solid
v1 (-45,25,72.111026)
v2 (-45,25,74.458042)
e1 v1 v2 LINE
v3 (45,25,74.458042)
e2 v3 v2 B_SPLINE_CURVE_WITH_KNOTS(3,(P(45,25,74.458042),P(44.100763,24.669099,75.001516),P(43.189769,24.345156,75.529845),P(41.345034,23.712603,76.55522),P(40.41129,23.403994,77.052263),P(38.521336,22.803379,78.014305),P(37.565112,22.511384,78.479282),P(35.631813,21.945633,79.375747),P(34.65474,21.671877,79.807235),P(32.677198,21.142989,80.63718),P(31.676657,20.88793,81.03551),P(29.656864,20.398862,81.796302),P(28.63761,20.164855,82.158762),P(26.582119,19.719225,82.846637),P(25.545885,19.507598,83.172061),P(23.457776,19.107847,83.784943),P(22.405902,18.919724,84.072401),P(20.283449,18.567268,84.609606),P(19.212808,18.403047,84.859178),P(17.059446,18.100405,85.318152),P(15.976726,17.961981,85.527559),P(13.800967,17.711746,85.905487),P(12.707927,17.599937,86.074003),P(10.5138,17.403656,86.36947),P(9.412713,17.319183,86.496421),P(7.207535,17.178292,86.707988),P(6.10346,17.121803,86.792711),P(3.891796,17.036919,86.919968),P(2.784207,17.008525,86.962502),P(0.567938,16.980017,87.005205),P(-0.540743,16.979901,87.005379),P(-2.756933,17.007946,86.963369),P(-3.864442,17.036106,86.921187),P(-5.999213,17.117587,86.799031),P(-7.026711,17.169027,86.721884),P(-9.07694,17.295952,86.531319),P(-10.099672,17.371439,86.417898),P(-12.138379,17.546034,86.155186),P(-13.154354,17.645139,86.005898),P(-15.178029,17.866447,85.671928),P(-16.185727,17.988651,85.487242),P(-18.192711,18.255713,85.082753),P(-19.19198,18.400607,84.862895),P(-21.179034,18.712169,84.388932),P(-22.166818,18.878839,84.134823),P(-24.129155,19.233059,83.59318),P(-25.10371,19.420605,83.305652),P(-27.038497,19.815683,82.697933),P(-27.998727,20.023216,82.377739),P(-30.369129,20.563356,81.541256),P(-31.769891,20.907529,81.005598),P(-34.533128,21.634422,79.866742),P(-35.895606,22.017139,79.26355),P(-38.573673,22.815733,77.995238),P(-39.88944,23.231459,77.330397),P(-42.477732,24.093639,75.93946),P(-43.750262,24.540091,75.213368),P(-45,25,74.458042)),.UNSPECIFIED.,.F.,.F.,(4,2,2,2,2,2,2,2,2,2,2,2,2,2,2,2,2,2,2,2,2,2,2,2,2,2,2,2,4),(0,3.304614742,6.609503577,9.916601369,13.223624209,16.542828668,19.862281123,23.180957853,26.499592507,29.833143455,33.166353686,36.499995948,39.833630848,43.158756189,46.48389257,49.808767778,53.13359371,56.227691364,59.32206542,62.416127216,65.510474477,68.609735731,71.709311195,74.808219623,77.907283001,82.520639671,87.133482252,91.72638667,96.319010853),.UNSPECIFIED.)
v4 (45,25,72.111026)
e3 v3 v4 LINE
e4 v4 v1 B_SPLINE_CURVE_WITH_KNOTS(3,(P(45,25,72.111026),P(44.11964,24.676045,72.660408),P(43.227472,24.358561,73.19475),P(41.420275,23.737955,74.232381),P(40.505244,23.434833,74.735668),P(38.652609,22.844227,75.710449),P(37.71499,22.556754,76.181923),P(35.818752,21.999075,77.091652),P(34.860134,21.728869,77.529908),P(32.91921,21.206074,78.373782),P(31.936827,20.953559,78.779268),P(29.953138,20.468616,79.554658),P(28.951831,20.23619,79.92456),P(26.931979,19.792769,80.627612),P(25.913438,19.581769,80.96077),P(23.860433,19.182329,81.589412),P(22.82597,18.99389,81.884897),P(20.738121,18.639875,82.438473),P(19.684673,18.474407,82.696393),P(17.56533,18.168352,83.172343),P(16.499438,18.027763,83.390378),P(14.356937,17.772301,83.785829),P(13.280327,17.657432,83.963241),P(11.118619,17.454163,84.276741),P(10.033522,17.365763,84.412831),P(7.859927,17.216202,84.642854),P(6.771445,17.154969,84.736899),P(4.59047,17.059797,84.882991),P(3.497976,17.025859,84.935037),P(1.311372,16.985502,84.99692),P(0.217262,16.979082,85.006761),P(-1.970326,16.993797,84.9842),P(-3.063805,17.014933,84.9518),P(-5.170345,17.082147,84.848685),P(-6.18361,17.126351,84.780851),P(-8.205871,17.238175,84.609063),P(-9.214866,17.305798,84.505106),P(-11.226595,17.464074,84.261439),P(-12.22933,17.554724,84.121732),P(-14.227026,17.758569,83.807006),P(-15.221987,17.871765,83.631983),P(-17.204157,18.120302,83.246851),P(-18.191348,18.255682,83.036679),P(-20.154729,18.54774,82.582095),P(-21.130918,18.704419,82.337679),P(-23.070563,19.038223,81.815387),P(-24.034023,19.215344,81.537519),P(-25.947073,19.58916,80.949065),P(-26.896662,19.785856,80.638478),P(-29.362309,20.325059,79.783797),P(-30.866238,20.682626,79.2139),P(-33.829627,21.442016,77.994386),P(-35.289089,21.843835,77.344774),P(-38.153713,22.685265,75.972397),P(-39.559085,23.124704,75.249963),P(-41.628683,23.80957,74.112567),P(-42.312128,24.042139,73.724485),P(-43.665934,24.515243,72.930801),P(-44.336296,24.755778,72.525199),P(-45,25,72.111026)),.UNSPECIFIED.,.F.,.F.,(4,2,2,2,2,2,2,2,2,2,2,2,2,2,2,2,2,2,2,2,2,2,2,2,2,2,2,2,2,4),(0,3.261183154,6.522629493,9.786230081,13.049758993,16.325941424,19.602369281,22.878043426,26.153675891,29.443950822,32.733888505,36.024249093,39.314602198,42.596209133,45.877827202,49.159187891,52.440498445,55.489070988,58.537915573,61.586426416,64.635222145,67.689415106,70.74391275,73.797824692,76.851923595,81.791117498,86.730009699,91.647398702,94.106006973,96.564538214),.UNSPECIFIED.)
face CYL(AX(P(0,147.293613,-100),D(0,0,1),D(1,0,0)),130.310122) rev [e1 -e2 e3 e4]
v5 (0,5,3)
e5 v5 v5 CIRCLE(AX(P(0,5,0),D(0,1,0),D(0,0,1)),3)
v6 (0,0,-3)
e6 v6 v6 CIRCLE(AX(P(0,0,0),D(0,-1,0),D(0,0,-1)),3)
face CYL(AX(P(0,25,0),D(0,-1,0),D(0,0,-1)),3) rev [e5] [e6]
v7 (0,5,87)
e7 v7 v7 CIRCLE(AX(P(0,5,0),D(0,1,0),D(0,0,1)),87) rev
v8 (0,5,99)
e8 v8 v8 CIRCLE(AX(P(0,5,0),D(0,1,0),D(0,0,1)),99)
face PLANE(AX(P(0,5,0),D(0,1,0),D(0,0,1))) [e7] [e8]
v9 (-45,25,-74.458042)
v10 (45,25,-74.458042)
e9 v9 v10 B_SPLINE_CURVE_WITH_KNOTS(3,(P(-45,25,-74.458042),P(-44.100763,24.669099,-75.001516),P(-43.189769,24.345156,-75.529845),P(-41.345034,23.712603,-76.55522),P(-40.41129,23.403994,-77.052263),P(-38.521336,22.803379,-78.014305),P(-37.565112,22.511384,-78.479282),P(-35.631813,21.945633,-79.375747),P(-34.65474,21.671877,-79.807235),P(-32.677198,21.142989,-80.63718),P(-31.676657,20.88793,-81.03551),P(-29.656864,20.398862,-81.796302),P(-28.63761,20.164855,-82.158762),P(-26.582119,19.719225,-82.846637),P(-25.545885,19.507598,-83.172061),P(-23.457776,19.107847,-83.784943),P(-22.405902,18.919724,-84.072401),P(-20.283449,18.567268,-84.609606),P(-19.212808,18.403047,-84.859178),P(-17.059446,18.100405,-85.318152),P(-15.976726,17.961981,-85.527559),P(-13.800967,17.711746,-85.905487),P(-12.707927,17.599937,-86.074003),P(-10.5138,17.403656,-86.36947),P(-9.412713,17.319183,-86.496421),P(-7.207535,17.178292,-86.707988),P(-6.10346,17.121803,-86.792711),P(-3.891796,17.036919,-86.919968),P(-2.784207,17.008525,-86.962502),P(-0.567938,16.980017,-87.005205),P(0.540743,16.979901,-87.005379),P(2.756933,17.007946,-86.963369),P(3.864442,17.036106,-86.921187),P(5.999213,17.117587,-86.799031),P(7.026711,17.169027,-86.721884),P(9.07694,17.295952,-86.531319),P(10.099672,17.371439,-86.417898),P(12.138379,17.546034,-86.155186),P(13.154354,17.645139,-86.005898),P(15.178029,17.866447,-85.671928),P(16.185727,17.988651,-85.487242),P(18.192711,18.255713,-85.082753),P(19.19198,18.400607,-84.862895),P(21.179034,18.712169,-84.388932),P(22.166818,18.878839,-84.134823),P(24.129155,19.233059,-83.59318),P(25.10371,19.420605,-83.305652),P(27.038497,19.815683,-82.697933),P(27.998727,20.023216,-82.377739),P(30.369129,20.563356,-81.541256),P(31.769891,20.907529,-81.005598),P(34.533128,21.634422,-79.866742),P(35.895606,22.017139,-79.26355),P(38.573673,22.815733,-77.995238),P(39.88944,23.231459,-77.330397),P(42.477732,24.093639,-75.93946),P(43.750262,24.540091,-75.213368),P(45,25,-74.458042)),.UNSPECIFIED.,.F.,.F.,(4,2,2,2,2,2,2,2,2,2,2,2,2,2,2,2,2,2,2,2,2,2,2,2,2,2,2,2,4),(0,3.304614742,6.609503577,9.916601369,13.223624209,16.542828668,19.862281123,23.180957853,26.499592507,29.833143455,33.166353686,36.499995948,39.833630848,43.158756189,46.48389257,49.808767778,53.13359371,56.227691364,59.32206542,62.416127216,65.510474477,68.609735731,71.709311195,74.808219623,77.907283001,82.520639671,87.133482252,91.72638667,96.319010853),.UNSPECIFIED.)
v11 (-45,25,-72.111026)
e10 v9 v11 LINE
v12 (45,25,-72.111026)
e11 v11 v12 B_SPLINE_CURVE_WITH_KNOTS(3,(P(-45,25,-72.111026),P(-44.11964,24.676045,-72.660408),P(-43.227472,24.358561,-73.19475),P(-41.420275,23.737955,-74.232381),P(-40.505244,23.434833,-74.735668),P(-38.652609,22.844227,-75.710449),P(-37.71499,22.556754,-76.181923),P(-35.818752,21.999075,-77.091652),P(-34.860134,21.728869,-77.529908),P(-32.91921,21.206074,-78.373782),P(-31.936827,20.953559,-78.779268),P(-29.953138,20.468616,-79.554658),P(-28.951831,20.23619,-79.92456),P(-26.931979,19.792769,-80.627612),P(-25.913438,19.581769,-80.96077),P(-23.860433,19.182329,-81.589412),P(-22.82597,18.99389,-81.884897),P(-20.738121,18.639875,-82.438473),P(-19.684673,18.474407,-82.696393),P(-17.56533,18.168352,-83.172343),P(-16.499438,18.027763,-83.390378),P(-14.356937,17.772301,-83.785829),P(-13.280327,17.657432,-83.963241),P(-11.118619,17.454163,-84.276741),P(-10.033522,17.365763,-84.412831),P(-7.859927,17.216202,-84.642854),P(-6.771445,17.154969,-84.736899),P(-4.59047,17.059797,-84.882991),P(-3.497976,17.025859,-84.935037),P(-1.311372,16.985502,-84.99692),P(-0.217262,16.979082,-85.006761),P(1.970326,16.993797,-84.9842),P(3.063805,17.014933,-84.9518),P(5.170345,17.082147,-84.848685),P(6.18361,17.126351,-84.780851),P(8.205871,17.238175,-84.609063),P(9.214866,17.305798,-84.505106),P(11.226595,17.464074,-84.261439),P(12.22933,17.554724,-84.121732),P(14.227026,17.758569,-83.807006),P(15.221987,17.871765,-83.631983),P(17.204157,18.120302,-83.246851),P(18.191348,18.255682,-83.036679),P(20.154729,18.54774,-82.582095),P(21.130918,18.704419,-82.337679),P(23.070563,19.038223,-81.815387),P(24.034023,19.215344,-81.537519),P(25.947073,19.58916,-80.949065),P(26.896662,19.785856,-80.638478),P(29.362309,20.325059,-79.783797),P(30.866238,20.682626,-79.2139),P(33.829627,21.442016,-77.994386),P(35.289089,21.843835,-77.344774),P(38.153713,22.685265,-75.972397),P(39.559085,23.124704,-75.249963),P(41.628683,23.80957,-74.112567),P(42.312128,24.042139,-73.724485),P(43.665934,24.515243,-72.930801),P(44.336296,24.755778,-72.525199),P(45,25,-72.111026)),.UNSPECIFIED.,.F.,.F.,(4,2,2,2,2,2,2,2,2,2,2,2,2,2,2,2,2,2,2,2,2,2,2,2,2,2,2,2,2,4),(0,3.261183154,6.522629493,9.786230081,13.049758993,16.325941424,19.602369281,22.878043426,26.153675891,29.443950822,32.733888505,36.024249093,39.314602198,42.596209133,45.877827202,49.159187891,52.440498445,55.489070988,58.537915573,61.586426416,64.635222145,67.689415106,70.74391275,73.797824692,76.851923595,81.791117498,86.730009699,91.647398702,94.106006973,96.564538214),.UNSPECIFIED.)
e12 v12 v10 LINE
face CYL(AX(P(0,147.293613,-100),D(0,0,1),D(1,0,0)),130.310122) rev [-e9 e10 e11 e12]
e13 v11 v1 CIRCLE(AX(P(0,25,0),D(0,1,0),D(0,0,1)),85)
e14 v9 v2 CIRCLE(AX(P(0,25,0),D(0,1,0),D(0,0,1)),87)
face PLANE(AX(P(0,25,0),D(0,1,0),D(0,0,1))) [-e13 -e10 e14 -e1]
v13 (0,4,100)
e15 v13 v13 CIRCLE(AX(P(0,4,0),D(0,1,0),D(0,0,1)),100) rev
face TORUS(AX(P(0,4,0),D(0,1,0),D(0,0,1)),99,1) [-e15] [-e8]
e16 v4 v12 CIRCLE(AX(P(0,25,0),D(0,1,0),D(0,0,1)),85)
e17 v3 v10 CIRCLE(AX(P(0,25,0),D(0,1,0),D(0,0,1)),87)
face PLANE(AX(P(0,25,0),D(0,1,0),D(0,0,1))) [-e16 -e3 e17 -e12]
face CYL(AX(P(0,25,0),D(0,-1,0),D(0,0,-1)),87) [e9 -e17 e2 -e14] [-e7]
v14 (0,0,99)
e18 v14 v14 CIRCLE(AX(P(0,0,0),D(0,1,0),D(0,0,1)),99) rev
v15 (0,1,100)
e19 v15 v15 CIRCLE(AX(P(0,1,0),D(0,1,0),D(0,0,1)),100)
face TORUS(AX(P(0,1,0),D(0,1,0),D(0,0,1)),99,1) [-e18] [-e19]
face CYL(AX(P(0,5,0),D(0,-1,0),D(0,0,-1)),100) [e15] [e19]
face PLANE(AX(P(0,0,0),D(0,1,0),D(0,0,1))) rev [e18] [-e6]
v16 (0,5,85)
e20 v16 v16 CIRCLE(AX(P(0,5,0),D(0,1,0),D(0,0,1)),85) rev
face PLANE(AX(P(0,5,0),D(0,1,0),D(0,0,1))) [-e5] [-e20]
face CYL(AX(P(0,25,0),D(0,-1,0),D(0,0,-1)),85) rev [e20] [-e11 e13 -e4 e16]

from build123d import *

# Parameters (mm, degrees)
SKETCH2_R               = 100
BOSS_EXTRUDE1_DEPTH     = 5
SKETCH2_3_R             = 87
SKETCH2_3_R_2           = 85
BOSS_EXTRUDE2_DEPTH     = 25
CUT_EXTRUDE1_DEPTH      = 144.614066163
CUT_EXTRUDE1_DEPTH_BACK = 144.614066163
SKETCH4_R               = 3
CUT_EXTRUDE2_DEPTH      = 144.614066181
FILLET1_R               = 1


with BuildPart() as part:
    # Sketch2 → Boss-Extrude1 (new body)
    with BuildSketch(Plane(origin=(0, 0, 0), x_dir=(1, 0, 0), z_dir=(0, 1, 0))):
        Circle(SKETCH2_R)
    extrude(amount=BOSS_EXTRUDE1_DEPTH)

    # Sketch2<3> → Boss-Extrude2 (add)
    with BuildSketch(Plane(origin=(0, 0, 0), x_dir=(1, 0, 0), z_dir=(0, 1, 0))):
        Circle(SKETCH2_3_R)
        Circle(SKETCH2_3_R_2, mode=Mode.SUBTRACT)
    extrude(amount=BOSS_EXTRUDE2_DEPTH)

    # Sketch3 → Cut-Extrude1 (cut, two sides: drawn at the far end of the back side and taken through both)
    with BuildSketch(Plane.XY.offset(-CUT_EXTRUDE1_DEPTH_BACK)):
        with BuildLine():
            Line((-45, 25), (-45, 27.803999392))
            Line((-45, 27.803999392), (45, 27.803999392))
            Line((45, 27.803999392), (45, 25))
            ThreePointArc((45, 25), (0, 16.983491439), (-45, 25))
        make_face()
    extrude(amount=CUT_EXTRUDE1_DEPTH + CUT_EXTRUDE1_DEPTH_BACK, mode=Mode.SUBTRACT)

    # Sketch4 → Cut-Extrude2 (cut, through all)
    with BuildSketch(Plane.XZ):
        Circle(SKETCH4_R)
    extrude(amount=-CUT_EXTRUDE2_DEPTH, mode=Mode.SUBTRACT)

    # Fillet1
    fillet1_edges = [part.edges().sort_by_distance(p)[0] for p in [
        (-100, 0, 0),
        (-100, 5, 0),
    ]]
    fillet(fillet1_edges, radius=FILLET1_R)


solid = part.part
